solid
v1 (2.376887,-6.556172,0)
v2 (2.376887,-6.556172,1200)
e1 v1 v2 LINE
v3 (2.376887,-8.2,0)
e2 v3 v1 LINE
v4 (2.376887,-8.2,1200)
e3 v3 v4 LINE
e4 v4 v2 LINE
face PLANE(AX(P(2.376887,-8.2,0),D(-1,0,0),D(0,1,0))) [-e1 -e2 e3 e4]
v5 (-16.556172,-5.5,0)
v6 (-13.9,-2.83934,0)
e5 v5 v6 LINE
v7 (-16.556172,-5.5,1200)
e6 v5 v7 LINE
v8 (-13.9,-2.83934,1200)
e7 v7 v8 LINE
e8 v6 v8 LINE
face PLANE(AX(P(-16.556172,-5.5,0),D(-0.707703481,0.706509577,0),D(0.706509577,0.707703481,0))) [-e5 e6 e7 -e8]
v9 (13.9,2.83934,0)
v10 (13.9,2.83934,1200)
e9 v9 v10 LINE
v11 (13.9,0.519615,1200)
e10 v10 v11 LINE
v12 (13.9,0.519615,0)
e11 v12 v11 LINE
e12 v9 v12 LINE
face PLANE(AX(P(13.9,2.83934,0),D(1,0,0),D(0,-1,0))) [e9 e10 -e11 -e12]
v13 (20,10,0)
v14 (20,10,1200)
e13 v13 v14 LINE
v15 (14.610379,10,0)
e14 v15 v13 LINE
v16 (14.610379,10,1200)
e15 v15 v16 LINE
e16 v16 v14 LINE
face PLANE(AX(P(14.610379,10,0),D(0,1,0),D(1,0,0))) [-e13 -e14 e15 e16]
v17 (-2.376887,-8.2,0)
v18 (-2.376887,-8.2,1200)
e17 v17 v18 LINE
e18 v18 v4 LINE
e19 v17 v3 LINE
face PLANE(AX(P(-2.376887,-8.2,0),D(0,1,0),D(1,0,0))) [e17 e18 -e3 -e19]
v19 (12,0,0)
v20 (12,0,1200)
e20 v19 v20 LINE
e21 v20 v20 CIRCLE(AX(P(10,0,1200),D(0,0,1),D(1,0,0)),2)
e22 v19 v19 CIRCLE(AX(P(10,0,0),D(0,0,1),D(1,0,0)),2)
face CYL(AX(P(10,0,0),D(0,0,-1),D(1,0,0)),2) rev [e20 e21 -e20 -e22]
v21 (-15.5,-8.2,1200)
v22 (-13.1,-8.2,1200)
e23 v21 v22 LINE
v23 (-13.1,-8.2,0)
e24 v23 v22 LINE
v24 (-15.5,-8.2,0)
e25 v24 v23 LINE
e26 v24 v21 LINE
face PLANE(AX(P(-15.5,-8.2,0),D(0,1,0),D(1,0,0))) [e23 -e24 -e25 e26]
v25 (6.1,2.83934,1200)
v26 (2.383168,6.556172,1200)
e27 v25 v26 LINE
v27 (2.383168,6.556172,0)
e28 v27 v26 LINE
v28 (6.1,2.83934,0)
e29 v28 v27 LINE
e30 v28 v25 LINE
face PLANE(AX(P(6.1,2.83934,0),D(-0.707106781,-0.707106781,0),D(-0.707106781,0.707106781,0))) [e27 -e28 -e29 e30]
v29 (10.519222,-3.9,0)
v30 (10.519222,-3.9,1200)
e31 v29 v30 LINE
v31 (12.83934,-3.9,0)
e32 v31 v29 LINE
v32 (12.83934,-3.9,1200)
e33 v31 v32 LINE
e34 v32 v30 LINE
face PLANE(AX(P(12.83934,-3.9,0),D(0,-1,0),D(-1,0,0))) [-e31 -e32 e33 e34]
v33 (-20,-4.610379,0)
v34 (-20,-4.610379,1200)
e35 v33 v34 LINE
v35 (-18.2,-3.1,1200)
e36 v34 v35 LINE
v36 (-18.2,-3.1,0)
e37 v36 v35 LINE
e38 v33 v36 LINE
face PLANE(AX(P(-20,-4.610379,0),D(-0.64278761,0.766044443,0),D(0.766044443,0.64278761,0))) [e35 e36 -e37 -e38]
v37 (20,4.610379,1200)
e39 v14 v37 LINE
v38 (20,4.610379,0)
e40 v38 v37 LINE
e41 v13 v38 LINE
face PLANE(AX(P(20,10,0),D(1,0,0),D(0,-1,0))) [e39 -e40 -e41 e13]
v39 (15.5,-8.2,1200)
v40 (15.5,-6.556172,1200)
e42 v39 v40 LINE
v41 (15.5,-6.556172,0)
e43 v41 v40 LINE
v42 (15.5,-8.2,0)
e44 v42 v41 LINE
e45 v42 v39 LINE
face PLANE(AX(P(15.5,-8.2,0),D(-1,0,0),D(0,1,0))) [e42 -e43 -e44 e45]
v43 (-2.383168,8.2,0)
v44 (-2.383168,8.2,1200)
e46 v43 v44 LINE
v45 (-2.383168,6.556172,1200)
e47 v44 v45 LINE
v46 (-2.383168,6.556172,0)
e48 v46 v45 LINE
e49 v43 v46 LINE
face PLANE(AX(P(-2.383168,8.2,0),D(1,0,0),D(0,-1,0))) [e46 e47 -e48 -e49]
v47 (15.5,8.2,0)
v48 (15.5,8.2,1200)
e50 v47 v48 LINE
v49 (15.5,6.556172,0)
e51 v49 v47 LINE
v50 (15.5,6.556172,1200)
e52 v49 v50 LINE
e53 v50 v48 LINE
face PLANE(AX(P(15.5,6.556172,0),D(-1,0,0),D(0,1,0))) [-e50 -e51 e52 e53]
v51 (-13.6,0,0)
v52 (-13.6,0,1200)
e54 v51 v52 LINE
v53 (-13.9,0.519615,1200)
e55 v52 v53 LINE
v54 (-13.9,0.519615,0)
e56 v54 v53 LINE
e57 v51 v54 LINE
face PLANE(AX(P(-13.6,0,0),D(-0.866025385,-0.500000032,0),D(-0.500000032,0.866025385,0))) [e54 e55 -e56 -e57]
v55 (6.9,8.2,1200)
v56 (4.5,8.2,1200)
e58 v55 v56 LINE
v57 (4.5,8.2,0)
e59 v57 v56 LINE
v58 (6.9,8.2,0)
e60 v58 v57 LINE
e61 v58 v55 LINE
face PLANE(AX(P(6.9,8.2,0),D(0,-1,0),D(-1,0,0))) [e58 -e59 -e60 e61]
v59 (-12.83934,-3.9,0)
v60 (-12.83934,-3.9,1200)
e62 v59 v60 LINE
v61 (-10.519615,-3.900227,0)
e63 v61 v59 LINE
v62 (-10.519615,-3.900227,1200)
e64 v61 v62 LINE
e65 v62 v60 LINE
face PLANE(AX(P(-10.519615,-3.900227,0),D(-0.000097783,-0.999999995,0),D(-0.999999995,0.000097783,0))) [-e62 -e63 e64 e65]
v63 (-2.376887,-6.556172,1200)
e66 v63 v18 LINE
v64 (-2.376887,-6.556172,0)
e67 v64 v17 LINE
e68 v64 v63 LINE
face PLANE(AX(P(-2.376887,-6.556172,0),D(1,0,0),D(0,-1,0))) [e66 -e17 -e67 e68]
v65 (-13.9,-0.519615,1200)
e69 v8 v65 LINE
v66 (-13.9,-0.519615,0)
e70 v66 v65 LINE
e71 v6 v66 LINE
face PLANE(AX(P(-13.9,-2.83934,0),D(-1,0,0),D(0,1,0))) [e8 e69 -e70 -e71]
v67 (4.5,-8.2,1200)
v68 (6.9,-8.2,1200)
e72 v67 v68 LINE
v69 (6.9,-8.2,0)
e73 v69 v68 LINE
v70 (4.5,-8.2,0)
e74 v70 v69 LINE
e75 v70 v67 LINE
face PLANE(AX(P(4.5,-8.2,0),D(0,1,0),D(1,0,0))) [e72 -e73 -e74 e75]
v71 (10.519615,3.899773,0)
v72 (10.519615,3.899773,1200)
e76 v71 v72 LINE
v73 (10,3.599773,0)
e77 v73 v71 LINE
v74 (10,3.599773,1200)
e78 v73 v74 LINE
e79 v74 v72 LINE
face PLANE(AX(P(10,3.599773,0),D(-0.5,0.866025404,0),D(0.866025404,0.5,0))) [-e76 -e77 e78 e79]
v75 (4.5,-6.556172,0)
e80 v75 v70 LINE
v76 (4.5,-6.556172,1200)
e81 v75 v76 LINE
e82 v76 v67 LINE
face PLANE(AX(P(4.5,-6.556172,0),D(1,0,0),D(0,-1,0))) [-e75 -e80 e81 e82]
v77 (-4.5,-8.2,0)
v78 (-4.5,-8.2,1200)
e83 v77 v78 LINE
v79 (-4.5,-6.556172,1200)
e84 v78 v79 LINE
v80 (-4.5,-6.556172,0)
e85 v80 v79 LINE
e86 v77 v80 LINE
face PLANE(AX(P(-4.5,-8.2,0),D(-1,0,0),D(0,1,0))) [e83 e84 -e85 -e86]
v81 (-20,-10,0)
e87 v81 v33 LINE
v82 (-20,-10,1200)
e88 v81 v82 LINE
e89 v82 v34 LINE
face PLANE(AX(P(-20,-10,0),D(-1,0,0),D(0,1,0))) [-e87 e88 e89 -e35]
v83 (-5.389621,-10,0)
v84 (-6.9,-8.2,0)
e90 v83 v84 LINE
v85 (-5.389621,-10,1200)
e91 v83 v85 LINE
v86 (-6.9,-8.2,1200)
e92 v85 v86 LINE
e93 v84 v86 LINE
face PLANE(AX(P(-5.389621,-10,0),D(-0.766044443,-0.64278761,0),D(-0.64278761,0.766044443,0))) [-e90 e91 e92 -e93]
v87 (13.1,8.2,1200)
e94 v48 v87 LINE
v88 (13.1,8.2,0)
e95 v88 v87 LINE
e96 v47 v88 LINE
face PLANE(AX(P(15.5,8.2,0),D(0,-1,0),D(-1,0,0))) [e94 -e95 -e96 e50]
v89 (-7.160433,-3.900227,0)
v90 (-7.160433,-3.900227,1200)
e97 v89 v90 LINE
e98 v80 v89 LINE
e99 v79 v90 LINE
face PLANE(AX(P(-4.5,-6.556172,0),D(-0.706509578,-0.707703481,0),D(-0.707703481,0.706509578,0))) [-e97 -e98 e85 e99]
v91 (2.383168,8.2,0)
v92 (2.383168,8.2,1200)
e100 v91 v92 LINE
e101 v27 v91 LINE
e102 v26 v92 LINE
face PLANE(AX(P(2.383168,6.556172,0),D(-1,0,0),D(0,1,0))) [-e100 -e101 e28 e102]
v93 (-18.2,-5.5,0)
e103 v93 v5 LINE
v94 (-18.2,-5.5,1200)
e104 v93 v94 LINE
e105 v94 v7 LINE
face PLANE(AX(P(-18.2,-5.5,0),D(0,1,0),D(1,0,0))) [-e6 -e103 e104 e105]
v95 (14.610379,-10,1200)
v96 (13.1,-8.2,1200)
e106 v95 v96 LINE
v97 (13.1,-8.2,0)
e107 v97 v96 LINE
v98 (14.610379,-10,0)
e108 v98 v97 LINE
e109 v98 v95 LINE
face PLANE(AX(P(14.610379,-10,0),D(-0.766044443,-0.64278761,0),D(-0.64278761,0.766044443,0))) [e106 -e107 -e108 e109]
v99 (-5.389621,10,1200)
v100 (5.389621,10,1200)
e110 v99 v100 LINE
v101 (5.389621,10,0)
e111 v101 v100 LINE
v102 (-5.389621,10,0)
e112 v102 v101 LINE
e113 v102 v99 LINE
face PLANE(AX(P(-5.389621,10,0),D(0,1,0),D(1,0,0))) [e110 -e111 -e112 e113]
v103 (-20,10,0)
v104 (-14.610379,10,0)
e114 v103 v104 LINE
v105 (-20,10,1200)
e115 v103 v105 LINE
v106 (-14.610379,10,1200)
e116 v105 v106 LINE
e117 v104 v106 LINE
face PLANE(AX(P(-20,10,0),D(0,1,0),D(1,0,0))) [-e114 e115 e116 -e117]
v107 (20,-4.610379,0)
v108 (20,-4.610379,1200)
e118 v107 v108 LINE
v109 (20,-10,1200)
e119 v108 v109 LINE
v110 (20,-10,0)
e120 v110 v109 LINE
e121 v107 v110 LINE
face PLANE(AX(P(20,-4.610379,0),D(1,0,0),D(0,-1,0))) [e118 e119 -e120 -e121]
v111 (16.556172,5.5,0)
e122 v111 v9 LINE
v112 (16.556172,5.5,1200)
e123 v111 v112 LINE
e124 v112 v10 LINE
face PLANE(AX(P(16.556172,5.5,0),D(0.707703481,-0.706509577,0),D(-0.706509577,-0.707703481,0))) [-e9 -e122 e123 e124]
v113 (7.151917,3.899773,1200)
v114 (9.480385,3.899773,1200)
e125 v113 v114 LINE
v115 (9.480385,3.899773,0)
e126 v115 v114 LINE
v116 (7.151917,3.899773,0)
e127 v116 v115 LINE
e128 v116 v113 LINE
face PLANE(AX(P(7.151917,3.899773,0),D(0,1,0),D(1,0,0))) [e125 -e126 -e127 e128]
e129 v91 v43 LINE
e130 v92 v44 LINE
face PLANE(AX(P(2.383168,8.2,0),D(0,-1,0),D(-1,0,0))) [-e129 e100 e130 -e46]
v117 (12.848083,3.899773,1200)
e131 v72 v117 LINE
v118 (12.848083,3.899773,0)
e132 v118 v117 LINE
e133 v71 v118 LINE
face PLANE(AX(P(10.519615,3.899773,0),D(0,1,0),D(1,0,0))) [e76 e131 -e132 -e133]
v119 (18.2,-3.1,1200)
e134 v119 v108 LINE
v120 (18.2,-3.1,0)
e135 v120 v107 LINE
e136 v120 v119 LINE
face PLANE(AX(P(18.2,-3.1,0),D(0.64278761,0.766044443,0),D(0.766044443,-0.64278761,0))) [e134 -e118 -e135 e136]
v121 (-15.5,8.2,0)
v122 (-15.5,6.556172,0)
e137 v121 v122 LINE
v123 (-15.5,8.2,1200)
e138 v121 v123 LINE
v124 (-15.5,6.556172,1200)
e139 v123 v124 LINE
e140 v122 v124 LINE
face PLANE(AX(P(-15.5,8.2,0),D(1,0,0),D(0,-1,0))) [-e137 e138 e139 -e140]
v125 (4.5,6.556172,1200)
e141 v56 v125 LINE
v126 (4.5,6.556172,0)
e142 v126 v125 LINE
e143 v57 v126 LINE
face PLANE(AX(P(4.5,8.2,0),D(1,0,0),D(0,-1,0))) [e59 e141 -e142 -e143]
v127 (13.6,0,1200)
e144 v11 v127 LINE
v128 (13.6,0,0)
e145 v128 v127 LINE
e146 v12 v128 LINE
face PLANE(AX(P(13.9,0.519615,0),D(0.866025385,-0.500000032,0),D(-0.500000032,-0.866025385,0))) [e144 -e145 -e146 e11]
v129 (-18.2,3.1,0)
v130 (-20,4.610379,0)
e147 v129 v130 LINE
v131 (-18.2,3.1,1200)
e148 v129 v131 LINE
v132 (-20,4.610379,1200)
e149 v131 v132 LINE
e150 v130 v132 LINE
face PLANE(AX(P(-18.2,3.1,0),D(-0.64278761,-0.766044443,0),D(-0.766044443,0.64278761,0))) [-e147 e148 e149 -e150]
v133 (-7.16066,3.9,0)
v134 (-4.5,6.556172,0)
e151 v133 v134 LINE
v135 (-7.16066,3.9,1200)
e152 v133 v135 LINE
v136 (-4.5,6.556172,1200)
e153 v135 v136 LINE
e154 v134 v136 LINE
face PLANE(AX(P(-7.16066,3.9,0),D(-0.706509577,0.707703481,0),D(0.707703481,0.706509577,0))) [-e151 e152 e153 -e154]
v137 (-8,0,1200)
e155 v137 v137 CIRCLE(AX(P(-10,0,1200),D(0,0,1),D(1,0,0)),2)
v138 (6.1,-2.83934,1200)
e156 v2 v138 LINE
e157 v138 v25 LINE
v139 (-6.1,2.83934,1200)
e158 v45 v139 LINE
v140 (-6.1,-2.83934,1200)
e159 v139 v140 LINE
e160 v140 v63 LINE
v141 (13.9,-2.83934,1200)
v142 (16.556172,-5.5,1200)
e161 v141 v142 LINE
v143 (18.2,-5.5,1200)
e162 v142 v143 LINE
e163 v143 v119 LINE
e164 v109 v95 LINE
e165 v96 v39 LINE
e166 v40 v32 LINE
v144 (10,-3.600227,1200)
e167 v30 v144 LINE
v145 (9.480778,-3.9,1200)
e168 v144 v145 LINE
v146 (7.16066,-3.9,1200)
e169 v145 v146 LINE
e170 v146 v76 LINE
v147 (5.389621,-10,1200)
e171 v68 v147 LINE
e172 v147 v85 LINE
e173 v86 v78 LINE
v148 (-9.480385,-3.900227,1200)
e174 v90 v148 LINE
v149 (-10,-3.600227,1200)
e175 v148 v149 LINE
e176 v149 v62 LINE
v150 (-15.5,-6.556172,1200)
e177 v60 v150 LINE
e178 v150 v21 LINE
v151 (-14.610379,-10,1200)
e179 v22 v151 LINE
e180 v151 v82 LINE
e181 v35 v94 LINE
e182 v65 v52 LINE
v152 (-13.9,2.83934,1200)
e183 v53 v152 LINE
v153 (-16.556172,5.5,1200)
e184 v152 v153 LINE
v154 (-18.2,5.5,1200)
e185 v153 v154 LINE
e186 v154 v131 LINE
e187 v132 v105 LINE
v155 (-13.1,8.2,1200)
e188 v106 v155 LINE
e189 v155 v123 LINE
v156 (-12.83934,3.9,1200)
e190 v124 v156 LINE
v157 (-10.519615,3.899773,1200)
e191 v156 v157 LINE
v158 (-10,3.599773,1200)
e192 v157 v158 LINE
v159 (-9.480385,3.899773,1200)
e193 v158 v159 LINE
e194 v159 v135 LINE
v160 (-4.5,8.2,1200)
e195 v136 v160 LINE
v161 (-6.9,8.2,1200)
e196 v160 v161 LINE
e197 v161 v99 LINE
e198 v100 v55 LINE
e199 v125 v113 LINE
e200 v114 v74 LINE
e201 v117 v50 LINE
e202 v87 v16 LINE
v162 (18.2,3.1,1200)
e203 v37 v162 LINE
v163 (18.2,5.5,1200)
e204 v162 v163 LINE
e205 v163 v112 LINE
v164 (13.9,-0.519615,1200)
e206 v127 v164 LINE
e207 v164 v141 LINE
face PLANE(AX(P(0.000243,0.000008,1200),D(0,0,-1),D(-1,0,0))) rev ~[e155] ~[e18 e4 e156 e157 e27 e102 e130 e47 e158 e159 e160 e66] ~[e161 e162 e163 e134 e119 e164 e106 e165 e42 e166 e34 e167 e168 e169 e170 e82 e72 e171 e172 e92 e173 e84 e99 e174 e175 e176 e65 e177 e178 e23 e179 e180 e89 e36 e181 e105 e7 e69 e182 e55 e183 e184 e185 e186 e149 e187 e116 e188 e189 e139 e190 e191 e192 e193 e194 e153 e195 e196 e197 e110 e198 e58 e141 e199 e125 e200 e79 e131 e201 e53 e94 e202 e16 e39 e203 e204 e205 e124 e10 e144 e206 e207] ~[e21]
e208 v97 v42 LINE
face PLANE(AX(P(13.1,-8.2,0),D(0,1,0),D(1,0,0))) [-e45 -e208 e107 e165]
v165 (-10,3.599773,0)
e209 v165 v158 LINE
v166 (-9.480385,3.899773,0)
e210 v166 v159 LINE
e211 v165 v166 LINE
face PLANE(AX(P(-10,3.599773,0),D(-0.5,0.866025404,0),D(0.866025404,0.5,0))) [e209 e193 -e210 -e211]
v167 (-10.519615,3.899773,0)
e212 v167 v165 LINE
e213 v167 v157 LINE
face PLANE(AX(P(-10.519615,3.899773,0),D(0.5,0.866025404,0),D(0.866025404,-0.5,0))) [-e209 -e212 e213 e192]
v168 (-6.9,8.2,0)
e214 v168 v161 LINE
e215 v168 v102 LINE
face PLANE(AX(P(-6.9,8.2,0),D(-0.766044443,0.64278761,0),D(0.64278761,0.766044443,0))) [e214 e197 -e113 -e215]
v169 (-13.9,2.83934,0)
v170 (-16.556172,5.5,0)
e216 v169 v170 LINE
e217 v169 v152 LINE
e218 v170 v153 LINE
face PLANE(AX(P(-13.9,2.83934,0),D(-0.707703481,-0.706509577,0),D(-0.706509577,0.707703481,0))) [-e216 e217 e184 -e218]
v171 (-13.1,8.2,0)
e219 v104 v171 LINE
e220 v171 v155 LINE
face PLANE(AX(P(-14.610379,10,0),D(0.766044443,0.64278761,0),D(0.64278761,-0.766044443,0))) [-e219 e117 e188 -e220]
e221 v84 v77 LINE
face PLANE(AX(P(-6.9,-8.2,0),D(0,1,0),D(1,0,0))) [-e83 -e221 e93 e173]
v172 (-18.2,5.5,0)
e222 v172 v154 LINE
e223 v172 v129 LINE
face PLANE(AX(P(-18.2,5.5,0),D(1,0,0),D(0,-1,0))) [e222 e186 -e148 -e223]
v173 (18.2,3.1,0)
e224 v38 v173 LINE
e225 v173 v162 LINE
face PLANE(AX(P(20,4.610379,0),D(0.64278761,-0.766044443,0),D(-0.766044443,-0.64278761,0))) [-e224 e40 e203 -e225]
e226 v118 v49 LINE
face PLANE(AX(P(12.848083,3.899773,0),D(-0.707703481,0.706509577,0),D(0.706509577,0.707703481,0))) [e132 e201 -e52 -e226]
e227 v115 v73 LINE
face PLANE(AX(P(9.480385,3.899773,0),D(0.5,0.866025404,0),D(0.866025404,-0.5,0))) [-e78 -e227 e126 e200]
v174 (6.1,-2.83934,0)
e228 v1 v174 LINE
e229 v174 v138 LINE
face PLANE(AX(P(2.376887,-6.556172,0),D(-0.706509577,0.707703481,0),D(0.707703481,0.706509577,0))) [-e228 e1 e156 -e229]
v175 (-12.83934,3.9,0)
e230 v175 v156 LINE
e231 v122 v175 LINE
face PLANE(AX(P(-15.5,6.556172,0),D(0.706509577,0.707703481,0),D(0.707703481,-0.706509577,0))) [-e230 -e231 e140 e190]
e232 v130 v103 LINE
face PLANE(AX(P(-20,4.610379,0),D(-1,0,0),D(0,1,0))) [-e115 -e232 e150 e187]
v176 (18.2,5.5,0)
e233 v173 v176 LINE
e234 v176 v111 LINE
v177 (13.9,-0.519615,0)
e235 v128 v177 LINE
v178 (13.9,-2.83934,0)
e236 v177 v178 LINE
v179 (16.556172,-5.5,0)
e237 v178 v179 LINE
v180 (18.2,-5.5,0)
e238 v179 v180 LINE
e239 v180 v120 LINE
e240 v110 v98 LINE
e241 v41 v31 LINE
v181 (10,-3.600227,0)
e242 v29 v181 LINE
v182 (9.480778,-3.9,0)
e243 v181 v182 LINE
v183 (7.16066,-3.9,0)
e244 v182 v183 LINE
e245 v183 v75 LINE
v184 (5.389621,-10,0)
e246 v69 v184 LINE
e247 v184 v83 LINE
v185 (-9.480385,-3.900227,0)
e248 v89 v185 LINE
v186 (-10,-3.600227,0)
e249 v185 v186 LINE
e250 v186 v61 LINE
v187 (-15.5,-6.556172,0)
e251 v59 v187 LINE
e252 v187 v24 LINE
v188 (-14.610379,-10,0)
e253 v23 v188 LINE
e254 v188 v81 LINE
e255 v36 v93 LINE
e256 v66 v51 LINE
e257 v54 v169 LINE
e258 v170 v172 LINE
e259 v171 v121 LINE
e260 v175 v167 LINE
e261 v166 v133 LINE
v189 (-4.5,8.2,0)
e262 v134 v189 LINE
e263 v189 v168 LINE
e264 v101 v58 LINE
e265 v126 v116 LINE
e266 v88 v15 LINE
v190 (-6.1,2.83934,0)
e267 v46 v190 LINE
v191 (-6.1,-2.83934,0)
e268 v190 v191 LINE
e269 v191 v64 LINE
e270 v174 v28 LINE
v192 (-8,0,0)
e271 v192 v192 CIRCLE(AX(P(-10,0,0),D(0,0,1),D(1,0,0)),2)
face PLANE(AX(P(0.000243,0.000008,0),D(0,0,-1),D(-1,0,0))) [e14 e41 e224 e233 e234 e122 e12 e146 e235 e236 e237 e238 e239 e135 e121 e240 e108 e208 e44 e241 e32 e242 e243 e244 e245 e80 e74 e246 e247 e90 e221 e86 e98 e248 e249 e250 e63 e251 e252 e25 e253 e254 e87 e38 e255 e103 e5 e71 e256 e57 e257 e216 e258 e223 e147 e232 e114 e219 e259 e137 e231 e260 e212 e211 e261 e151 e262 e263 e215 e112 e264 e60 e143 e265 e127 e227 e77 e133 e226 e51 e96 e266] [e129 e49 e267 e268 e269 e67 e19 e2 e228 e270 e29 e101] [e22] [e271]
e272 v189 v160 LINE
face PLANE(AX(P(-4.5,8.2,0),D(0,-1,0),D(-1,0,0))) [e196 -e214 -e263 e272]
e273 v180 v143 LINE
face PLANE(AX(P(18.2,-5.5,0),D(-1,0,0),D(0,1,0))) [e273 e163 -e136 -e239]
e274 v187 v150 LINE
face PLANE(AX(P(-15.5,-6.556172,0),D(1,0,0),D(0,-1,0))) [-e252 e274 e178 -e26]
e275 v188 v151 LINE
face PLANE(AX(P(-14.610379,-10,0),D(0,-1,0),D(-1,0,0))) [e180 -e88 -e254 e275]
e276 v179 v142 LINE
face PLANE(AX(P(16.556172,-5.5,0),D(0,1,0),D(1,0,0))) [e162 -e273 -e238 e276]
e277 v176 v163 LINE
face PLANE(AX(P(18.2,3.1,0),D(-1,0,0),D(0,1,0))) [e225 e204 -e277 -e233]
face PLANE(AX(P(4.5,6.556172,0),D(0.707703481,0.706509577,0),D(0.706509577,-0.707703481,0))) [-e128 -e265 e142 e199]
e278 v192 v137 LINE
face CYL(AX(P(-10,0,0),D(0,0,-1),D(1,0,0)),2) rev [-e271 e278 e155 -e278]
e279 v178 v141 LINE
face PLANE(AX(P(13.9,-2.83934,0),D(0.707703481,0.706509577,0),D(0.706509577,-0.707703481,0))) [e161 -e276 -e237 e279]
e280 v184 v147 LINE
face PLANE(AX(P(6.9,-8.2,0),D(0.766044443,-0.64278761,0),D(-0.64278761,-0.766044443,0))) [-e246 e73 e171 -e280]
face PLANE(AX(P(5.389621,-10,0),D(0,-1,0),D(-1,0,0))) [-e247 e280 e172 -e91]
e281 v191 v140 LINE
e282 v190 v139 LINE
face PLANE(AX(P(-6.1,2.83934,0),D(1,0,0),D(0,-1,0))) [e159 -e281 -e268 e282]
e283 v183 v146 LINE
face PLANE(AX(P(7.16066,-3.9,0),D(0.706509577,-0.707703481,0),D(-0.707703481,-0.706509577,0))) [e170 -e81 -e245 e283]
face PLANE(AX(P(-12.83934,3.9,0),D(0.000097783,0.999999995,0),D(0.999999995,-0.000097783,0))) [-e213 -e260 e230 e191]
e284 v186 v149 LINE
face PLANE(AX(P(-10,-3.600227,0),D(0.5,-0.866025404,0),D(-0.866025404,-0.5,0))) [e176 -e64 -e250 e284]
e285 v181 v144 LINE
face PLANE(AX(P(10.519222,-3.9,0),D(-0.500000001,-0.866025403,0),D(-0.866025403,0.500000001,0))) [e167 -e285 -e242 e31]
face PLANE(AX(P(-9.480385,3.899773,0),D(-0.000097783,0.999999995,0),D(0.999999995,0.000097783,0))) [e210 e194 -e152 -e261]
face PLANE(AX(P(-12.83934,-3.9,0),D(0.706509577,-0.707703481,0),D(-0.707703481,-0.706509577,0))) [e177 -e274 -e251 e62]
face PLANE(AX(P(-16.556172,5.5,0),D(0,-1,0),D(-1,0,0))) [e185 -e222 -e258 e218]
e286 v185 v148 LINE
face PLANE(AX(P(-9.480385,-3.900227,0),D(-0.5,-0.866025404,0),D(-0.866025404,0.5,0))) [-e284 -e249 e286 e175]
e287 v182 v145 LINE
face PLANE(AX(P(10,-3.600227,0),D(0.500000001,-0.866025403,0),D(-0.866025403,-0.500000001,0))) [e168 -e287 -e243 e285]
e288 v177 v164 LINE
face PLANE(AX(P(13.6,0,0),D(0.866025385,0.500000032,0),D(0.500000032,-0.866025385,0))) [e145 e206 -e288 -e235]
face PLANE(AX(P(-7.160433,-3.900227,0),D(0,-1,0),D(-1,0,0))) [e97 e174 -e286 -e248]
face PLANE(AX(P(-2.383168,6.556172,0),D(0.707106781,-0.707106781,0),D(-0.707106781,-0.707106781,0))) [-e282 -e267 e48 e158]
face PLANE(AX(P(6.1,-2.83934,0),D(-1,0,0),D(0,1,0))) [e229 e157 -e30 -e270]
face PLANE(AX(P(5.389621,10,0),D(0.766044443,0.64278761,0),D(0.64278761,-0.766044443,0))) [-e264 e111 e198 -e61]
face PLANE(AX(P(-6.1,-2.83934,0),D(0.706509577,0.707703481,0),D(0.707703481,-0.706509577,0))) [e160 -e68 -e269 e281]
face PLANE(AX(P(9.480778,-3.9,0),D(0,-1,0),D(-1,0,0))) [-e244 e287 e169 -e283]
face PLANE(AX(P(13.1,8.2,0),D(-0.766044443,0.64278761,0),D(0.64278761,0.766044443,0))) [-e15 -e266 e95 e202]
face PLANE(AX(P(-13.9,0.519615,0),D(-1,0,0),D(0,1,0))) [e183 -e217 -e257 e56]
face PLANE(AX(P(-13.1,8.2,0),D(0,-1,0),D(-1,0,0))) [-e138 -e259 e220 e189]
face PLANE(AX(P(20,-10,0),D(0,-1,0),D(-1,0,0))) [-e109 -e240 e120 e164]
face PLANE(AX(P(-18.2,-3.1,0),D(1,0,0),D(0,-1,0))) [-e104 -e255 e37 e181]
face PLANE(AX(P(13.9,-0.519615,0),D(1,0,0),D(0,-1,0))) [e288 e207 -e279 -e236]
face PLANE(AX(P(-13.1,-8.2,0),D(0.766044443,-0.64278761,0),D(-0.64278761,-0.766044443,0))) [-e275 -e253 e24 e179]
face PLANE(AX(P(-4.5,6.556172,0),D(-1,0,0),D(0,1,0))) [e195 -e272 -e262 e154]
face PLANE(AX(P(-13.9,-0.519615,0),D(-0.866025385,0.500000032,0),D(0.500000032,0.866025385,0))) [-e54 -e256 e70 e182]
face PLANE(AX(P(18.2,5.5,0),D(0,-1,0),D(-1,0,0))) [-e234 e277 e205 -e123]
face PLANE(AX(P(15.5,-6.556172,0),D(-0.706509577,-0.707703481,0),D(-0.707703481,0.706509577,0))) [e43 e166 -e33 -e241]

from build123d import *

# Parameters (mm, degrees)
SKETCH1_R           = 2
BOSS_EXTRUDE1_DEPTH = 1200


with BuildPart() as part:
    # Sketch1 → Boss-Extrude1 (new body)
    with BuildSketch(Plane.XY):
        Polygon((-5.389620664, 10), (5.389620664, 10), (6.9, 8.2), (4.5, 8.2), (4.5, 6.556171609), (7.151917065, 3.899773171), (9.480384758, 3.899773171), (10, 3.599773171), (10.519615242, 3.899773171), (12.848082935, 3.899773171), (15.5, 6.556171609), (15.5, 8.2), (13.1, 8.2), (14.610379336, 10), (20, 10), (20, 4.610379336), (18.2, 3.1), (18.2, 5.5), (16.556171609, 5.5), (13.9, 2.839339828), (13.9, 0.519615231), (13.599999981, 0), (13.9, -0.519615231), (13.9, -2.839339828), (16.556171609, -5.5), (18.2, -5.5), (18.2, -3.1), (20, -4.610379336), (20, -10), (14.610379336, -10), (13.1, -8.2), (15.5, -8.2), (15.5, -6.556171609), (12.839339828, -3.9), (10.519222362, -3.9), (10, -3.600226829), (9.480777638, -3.9), (7.160660172, -3.9), (4.5, -6.556171609), (4.5, -8.2), (6.9, -8.2), (5.389620664, -10), (-5.389620664, -10), (-6.9, -8.2), (-4.5, -8.2), (-4.5, -6.556171609), (-7.160432959, -3.900226829), (-9.480384758, -3.900226829), (-10, -3.600226829), (-10.519615242, -3.900226829), (-12.839339828, -3.9), (-15.5, -6.556171609), (-15.5, -8.2), (-13.1, -8.2), (-14.610379336, -10), (-20, -10), (-20, -4.610379336), (-18.2, -3.1), (-18.2, -5.5), (-16.556171609, -5.5), (-13.9, -2.839339828), (-13.9, -0.519615231), (-13.599999981, 0), (-13.9, 0.519615231), (-13.9, 2.839339828), (-16.556171609, 5.5), (-18.2, 5.5), (-18.2, 3.1), (-20, 4.610379336), (-20, 10), (-14.610379336, 10), (-13.1, 8.2), (-15.5, 8.2), (-15.5, 6.556171609), (-12.839339828, 3.9), (-10.519615242, 3.899773171), (-10, 3.599773171), (-9.480384758, 3.899773171), (-7.160660172, 3.9), (-4.5, 6.556171609), (-4.5, 8.2), (-6.9, 8.2), align=None)
        with Locations((-10, 0)):
            Circle(SKETCH1_R, mode=Mode.SUBTRACT)
        with Locations((10, 0)):
            Circle(SKETCH1_R, mode=Mode.SUBTRACT)
        Polygon((-6.1, -2.839339828), (-2.376887287, -6.556171609), (-2.376887287, -8.2), (2.376887287, -8.2), (2.376887287, -6.556171609), (6.1, -2.839339828), (6.1, 2.839339828), (2.383168219, 6.556171609), (2.383168219, 8.2), (-2.383168219, 8.2), (-2.383168219, 6.556171609), (-6.1, 2.839339828), align=None, mode=Mode.SUBTRACT)
    extrude(amount=BOSS_EXTRUDE1_DEPTH)


solid = part.part
